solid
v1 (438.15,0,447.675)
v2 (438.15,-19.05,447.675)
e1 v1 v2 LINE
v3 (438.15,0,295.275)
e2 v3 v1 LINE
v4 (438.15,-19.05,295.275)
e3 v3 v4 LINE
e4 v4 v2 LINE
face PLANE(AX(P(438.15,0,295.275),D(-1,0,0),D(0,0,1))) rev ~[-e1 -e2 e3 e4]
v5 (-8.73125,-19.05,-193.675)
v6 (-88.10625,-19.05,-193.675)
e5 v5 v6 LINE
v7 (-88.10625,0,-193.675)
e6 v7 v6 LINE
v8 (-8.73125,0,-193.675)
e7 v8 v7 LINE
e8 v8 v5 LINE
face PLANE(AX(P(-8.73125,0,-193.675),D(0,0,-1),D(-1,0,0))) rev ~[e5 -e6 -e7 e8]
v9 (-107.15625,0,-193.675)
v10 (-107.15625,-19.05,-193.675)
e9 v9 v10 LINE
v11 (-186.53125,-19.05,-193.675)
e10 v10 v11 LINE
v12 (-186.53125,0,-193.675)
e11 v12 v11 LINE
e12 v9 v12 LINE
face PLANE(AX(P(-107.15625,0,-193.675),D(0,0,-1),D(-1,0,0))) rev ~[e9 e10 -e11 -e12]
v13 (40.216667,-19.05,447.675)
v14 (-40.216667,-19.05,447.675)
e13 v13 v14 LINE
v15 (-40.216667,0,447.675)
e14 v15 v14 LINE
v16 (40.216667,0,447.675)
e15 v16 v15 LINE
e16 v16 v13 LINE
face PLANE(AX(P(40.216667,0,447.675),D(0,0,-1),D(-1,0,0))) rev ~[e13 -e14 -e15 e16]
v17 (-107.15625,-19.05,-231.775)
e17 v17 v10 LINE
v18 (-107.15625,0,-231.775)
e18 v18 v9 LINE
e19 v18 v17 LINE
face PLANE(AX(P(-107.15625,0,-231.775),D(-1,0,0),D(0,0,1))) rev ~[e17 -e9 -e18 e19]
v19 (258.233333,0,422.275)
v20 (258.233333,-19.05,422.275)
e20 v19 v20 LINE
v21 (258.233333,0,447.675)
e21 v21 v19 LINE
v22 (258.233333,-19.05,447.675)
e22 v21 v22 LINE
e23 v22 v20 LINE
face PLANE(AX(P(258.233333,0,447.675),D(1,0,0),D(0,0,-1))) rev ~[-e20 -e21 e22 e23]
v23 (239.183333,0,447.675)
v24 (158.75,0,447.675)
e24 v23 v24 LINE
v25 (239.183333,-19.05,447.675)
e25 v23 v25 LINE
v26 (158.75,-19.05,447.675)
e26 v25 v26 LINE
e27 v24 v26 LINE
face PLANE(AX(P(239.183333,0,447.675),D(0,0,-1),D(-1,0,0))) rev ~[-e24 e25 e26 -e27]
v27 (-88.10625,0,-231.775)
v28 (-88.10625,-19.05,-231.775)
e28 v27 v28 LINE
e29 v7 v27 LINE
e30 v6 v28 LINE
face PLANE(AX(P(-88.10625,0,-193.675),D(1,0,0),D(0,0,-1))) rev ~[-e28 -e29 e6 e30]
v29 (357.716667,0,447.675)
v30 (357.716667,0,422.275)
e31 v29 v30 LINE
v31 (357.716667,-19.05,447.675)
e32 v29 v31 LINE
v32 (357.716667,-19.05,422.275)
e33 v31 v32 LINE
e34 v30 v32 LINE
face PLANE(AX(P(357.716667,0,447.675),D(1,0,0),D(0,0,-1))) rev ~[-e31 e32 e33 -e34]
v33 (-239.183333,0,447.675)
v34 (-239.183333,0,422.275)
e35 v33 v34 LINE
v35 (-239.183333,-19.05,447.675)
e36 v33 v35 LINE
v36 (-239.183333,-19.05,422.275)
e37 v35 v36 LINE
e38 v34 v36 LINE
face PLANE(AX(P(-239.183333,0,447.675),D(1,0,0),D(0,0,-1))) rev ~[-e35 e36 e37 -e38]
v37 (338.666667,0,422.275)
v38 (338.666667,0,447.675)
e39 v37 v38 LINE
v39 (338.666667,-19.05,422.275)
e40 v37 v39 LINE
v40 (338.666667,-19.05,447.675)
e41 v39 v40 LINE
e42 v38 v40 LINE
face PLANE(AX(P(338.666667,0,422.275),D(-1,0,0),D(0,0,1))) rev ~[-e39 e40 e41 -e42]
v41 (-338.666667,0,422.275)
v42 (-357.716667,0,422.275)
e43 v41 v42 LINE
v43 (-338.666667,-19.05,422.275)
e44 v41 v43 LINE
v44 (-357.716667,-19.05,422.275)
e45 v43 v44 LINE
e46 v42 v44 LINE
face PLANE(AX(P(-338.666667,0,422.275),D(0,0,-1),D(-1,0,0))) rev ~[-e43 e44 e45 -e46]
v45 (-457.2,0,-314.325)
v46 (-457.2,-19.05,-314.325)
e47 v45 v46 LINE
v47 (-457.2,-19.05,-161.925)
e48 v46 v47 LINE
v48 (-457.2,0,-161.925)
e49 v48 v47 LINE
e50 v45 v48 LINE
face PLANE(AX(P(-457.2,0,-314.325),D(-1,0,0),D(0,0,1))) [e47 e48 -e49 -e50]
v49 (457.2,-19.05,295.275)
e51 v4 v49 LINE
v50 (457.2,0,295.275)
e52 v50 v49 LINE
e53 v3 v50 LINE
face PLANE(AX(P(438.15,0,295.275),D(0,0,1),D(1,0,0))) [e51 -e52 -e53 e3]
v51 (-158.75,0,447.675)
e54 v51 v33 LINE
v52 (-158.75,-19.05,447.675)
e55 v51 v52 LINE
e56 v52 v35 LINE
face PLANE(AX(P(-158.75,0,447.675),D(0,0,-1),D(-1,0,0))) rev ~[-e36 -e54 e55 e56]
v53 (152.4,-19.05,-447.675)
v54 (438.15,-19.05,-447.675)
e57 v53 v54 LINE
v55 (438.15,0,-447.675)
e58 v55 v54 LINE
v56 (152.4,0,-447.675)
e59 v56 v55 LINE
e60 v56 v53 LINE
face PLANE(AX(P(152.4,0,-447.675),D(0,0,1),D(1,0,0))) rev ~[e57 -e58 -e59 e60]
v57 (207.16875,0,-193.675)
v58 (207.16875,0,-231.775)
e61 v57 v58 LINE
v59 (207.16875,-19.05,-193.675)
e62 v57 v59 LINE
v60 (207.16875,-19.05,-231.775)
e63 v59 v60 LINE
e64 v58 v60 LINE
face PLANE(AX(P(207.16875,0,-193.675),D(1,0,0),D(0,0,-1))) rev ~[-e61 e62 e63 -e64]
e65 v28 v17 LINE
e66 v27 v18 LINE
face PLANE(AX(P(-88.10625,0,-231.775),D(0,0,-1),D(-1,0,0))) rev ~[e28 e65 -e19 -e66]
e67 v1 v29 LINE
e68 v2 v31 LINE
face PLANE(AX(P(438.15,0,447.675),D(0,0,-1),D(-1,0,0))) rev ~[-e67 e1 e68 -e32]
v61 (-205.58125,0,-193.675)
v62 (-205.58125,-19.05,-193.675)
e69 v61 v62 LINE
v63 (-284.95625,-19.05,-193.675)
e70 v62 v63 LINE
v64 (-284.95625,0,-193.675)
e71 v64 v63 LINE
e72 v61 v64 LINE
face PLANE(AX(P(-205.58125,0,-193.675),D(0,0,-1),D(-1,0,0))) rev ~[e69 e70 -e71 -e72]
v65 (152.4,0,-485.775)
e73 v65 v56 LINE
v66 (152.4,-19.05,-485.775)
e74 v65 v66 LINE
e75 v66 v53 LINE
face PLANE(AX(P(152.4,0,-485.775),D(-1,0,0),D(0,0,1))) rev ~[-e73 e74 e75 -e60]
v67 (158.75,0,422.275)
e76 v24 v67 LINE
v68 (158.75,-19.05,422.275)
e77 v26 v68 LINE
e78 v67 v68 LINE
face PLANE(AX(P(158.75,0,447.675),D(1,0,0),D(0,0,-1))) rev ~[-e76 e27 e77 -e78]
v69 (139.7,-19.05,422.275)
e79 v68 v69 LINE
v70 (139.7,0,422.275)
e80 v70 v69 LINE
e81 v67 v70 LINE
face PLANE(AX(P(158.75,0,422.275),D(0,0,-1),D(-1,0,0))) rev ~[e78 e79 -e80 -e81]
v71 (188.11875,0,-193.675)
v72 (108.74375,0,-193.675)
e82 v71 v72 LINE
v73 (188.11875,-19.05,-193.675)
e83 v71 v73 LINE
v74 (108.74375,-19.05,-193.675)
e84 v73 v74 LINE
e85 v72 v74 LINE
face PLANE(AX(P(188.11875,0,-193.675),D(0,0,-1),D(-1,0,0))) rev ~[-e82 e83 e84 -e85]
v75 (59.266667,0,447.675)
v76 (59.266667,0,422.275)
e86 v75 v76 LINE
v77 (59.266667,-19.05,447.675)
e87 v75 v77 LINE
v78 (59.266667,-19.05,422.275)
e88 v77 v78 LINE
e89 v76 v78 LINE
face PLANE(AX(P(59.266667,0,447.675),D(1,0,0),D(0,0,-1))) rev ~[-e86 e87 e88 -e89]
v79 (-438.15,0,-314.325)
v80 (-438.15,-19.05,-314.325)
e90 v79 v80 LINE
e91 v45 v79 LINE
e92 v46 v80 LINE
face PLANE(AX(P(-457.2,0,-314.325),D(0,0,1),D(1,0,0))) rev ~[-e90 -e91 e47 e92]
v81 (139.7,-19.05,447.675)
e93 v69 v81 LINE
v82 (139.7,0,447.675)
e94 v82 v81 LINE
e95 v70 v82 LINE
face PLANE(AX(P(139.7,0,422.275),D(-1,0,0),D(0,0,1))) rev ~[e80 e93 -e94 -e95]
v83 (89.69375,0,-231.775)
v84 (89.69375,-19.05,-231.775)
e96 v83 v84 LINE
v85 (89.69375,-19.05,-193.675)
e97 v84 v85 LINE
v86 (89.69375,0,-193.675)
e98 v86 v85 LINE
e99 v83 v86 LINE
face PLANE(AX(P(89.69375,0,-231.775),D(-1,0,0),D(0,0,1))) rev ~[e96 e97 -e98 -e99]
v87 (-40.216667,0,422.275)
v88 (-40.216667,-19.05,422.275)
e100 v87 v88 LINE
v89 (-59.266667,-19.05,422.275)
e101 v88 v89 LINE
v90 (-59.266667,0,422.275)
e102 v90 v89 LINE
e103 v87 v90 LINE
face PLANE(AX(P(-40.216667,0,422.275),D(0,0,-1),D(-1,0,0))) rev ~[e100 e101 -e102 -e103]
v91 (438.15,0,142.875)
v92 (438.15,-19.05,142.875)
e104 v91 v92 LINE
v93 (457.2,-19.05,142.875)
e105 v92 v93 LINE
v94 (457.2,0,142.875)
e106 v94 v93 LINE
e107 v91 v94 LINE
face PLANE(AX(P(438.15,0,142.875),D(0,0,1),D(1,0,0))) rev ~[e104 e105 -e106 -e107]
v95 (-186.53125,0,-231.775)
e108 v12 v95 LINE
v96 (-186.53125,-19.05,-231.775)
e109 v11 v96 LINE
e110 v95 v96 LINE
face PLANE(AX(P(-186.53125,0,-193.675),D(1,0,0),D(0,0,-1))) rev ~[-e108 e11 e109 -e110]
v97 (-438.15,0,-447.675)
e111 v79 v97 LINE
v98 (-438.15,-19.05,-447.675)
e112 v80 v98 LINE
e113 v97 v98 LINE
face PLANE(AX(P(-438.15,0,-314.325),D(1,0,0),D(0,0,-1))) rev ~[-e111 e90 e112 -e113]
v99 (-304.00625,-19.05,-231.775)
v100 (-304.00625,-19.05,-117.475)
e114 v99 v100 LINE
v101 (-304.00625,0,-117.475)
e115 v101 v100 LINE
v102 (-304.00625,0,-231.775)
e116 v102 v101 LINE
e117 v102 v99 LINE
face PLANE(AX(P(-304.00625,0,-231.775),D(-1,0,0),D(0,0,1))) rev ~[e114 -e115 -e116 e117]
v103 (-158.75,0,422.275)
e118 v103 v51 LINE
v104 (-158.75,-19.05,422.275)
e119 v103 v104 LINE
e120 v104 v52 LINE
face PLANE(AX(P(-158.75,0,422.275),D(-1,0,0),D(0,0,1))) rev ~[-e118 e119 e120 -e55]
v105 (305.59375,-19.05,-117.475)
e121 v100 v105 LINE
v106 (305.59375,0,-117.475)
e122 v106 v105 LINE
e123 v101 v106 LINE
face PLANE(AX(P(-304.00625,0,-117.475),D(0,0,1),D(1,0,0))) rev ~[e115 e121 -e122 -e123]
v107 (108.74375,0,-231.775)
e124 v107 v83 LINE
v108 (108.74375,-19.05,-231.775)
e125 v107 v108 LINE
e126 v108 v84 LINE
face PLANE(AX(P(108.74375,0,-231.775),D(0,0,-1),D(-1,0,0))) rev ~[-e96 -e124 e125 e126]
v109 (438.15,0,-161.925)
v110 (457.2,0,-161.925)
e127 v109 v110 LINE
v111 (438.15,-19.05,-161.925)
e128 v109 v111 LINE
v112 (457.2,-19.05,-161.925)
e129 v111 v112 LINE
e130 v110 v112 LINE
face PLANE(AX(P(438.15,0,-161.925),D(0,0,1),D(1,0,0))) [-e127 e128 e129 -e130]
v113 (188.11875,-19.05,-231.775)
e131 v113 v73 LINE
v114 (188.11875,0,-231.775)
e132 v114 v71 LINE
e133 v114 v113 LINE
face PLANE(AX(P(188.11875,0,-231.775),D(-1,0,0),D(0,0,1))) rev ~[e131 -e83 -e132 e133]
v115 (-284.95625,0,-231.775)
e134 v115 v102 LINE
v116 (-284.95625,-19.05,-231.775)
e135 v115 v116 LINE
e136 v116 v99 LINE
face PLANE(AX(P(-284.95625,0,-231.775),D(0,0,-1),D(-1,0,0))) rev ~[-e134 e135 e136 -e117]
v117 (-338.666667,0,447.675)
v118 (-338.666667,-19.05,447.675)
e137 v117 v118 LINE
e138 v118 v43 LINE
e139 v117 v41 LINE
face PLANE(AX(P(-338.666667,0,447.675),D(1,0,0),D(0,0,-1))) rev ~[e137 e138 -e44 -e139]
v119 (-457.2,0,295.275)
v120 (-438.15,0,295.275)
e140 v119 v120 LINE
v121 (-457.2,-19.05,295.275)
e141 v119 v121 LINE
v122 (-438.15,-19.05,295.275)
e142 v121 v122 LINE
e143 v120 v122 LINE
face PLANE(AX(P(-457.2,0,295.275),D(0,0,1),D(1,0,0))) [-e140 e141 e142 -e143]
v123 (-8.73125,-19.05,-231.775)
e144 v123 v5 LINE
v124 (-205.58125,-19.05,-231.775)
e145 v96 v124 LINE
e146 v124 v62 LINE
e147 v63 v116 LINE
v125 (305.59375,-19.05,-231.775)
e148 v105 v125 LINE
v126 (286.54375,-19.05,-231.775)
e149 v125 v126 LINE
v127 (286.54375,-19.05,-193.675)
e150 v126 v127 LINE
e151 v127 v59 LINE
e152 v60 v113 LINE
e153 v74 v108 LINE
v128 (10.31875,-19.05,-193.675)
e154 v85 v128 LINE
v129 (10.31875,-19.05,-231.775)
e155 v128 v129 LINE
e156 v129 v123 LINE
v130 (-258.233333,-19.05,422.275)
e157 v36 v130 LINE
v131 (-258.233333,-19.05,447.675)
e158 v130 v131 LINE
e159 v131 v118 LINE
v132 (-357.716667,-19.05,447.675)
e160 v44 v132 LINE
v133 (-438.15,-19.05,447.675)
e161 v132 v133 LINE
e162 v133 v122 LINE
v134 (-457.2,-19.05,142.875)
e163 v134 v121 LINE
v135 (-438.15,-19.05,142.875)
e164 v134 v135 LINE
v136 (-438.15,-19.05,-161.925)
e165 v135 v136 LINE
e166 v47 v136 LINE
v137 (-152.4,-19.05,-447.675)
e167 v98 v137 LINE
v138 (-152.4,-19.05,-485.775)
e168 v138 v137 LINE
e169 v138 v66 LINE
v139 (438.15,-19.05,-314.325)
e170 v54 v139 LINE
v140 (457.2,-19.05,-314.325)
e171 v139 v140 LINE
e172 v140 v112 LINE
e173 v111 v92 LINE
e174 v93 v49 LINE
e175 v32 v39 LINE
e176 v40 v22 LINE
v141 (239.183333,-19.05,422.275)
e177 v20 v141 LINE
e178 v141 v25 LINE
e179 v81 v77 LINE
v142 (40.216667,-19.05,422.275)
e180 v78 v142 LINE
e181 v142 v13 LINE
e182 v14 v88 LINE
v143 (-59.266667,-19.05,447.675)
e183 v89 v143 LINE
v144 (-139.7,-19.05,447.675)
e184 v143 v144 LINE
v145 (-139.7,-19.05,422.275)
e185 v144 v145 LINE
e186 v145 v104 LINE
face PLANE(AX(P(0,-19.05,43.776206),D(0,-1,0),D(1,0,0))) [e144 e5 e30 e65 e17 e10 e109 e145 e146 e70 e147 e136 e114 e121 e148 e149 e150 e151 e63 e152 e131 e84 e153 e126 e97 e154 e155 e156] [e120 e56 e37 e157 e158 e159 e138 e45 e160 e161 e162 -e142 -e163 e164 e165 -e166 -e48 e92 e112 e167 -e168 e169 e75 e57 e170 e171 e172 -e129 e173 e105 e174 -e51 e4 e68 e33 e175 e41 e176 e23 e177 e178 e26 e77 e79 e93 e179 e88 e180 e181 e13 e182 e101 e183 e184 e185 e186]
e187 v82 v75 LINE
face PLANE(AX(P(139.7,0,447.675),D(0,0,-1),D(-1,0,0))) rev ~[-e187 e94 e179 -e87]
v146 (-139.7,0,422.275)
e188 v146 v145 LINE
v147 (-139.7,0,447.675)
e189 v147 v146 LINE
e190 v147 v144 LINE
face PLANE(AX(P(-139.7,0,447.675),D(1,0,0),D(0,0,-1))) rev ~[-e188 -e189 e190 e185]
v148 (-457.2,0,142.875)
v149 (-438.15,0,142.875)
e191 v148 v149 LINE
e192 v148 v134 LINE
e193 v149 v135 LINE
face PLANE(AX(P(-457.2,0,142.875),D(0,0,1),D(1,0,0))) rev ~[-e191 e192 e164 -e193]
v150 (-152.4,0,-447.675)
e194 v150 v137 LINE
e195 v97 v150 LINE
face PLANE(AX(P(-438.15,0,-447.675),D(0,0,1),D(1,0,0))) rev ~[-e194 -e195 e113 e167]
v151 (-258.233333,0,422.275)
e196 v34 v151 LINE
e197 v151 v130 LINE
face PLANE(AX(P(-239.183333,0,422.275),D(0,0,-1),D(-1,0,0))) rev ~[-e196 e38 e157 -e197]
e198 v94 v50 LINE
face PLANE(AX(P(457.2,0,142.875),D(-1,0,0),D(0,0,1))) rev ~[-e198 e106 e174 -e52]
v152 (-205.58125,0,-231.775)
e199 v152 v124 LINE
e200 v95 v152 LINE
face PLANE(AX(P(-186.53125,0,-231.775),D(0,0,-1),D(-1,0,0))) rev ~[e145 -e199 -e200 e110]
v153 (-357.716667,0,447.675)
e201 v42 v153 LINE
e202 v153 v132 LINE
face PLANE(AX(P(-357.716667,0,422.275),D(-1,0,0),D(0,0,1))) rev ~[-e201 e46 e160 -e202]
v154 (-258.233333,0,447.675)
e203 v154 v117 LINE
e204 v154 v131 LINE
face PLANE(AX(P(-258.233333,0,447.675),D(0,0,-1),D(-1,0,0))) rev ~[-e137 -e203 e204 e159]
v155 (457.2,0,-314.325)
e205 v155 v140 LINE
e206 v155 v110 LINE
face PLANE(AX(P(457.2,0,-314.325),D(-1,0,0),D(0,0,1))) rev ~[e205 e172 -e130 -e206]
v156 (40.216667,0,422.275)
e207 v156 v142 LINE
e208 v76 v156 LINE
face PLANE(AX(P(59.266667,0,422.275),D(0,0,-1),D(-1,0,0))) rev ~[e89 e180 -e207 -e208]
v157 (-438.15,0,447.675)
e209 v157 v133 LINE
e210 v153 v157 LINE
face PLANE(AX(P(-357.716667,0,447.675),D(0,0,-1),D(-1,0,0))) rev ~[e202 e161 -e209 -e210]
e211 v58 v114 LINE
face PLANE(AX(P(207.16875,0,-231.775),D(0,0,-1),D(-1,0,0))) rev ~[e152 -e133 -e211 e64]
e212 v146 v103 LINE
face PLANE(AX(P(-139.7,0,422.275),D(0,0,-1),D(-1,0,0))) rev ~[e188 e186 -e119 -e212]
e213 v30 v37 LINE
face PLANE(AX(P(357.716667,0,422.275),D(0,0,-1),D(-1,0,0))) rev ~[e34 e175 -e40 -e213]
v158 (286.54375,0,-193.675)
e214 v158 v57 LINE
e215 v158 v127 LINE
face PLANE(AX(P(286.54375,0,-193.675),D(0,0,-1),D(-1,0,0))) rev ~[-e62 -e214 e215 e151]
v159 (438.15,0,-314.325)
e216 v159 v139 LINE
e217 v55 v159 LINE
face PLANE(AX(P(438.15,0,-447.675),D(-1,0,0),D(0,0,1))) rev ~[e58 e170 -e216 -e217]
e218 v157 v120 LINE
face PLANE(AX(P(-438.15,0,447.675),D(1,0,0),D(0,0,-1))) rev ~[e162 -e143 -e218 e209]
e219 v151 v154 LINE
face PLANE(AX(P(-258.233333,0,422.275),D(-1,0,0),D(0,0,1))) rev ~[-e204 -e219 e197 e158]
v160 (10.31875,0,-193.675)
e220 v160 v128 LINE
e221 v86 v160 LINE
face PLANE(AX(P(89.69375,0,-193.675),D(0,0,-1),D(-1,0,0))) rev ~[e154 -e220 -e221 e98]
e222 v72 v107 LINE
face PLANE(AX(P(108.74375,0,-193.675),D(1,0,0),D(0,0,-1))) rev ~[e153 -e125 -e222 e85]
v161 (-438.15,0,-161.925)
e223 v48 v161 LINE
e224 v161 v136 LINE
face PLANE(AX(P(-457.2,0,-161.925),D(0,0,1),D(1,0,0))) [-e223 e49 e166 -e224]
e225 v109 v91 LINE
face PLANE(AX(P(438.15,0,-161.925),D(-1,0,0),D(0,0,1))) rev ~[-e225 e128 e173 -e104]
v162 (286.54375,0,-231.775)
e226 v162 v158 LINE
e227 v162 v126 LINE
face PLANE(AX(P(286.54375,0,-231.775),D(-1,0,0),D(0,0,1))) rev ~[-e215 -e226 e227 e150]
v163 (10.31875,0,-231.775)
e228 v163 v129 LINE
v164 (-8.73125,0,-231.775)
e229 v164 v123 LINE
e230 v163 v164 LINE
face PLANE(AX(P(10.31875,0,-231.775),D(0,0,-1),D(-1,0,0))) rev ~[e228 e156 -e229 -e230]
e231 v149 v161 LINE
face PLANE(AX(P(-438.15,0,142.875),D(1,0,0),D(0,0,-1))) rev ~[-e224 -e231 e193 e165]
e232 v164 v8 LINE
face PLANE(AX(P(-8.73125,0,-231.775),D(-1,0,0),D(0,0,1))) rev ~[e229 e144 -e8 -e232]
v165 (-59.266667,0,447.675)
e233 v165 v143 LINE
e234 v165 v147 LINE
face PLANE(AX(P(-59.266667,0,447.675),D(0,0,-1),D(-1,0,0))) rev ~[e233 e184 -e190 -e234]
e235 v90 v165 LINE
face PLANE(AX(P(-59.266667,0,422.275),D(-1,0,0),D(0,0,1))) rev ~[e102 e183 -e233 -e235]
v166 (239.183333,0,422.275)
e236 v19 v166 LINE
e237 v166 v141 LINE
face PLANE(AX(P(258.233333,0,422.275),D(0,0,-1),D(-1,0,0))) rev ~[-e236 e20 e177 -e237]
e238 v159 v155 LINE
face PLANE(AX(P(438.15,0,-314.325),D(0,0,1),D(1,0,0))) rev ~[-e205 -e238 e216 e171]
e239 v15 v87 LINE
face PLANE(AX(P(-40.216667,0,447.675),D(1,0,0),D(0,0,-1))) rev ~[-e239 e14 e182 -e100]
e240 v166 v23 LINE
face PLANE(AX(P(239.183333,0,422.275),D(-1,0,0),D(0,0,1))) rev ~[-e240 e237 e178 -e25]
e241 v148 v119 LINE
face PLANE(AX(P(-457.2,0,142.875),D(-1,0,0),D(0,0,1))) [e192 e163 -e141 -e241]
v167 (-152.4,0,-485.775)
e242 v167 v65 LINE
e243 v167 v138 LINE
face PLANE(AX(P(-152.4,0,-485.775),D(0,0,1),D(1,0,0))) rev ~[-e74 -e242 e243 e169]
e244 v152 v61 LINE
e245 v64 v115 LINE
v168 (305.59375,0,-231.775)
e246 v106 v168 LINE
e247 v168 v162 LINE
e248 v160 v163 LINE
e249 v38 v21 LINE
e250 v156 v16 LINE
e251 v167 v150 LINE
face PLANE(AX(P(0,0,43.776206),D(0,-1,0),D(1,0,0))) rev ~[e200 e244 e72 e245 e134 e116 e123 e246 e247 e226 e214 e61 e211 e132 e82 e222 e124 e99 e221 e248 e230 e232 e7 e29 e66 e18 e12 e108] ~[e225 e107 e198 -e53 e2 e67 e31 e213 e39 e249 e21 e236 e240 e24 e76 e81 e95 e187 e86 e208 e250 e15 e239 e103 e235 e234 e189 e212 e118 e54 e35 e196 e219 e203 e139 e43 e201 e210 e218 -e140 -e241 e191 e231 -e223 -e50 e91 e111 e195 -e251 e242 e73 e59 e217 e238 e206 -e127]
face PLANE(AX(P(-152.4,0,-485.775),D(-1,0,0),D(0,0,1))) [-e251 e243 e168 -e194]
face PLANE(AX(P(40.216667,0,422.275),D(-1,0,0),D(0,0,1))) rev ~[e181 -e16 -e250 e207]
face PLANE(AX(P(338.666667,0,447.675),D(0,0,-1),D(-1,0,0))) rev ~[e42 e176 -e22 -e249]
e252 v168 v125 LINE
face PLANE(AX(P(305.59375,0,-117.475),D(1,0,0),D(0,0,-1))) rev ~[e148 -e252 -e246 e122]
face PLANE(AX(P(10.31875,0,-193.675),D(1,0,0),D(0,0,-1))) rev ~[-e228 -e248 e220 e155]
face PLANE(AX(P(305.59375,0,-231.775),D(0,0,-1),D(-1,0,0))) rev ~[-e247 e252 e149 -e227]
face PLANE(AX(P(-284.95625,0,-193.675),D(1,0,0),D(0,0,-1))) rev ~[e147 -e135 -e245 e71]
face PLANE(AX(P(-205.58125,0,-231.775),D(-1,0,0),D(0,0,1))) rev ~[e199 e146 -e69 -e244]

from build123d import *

# Parameters (mm, degrees)
F0_W     = 19.05
F0_H     = 152.4
F0_W_2   = 304.8
F0_H_2   = 38.1
F1_DEPTH = 19.05


with BuildPart() as f1:
    # F0 (on Front) → F1 (new body)
    with BuildSketch(Plane.XZ):
        Polygon((-438.15, -314.325), (-438.15, -447.675), (-152.4, -447.675), (152.4, -447.675), (438.15, -447.675), (438.15, -314.325), (438.15, -161.925), (438.15, 142.875), (438.15, 295.275), (438.15, 447.675), (357.716667, 447.675), (357.716667, 422.275), (338.666667, 422.275), (338.666667, 447.675), (258.233333, 447.675), (258.233333, 422.275), (239.183333, 422.275), (239.183333, 447.675), (158.75, 447.675), (158.75, 422.275), (139.7, 422.275), (139.7, 447.675), (59.266667, 447.675), (59.266667, 422.275), (40.216667, 422.275), (40.216667, 447.675), (-40.216667, 447.675), (-40.216667, 422.275), (-59.266667, 422.275), (-59.266667, 447.675), (-139.7, 447.675), (-139.7, 422.275), (-158.75, 422.275), (-158.75, 447.675), (-239.183333, 447.675), (-239.183333, 422.275), (-258.233333, 422.275), (-258.233333, 447.675), (-338.666667, 447.675), (-338.666667, 422.275), (-357.716667, 422.275), (-357.716667, 447.675), (-438.15, 447.675), (-438.15, 295.275), (-438.15, 142.875), (-438.15, -161.925), align=None)
        Polygon((-304.00625, -193.675), (-304.00625, -117.475), (305.59375, -117.475), (305.59375, -193.675), (305.59375, -231.775), (286.54375, -231.775), (286.54375, -193.675), (207.16875, -193.675), (207.16875, -231.775), (188.11875, -231.775), (188.11875, -193.675), (108.74375, -193.675), (108.74375, -231.775), (89.69375, -231.775), (89.69375, -193.675), (10.31875, -193.675), (10.31875, -231.775), (-8.73125, -231.775), (-8.73125, -193.675), (-88.10625, -193.675), (-88.10625, -231.775), (-107.15625, -231.775), (-107.15625, -193.675), (-186.53125, -193.675), (-186.53125, -231.775), (-205.58125, -231.775), (-205.58125, -193.675), (-284.95625, -193.675), (-284.95625, -231.775), (-304.00625, -231.775), align=None, mode=Mode.SUBTRACT)
        with Locations((-447.675, 219.075)):
            Rectangle(F0_W, F0_H)
        with Locations((-447.675, -238.125)):
            Rectangle(F0_W, F0_H)
        with Locations((0, -466.725)):
            Rectangle(F0_W_2, F0_H_2)
        with Locations((447.675, -238.125)):
            Rectangle(F0_W, F0_H)
        with Locations((447.675, 219.075)):
            Rectangle(F0_W, F0_H)
    extrude(amount=F1_DEPTH)


solid = f1.part
